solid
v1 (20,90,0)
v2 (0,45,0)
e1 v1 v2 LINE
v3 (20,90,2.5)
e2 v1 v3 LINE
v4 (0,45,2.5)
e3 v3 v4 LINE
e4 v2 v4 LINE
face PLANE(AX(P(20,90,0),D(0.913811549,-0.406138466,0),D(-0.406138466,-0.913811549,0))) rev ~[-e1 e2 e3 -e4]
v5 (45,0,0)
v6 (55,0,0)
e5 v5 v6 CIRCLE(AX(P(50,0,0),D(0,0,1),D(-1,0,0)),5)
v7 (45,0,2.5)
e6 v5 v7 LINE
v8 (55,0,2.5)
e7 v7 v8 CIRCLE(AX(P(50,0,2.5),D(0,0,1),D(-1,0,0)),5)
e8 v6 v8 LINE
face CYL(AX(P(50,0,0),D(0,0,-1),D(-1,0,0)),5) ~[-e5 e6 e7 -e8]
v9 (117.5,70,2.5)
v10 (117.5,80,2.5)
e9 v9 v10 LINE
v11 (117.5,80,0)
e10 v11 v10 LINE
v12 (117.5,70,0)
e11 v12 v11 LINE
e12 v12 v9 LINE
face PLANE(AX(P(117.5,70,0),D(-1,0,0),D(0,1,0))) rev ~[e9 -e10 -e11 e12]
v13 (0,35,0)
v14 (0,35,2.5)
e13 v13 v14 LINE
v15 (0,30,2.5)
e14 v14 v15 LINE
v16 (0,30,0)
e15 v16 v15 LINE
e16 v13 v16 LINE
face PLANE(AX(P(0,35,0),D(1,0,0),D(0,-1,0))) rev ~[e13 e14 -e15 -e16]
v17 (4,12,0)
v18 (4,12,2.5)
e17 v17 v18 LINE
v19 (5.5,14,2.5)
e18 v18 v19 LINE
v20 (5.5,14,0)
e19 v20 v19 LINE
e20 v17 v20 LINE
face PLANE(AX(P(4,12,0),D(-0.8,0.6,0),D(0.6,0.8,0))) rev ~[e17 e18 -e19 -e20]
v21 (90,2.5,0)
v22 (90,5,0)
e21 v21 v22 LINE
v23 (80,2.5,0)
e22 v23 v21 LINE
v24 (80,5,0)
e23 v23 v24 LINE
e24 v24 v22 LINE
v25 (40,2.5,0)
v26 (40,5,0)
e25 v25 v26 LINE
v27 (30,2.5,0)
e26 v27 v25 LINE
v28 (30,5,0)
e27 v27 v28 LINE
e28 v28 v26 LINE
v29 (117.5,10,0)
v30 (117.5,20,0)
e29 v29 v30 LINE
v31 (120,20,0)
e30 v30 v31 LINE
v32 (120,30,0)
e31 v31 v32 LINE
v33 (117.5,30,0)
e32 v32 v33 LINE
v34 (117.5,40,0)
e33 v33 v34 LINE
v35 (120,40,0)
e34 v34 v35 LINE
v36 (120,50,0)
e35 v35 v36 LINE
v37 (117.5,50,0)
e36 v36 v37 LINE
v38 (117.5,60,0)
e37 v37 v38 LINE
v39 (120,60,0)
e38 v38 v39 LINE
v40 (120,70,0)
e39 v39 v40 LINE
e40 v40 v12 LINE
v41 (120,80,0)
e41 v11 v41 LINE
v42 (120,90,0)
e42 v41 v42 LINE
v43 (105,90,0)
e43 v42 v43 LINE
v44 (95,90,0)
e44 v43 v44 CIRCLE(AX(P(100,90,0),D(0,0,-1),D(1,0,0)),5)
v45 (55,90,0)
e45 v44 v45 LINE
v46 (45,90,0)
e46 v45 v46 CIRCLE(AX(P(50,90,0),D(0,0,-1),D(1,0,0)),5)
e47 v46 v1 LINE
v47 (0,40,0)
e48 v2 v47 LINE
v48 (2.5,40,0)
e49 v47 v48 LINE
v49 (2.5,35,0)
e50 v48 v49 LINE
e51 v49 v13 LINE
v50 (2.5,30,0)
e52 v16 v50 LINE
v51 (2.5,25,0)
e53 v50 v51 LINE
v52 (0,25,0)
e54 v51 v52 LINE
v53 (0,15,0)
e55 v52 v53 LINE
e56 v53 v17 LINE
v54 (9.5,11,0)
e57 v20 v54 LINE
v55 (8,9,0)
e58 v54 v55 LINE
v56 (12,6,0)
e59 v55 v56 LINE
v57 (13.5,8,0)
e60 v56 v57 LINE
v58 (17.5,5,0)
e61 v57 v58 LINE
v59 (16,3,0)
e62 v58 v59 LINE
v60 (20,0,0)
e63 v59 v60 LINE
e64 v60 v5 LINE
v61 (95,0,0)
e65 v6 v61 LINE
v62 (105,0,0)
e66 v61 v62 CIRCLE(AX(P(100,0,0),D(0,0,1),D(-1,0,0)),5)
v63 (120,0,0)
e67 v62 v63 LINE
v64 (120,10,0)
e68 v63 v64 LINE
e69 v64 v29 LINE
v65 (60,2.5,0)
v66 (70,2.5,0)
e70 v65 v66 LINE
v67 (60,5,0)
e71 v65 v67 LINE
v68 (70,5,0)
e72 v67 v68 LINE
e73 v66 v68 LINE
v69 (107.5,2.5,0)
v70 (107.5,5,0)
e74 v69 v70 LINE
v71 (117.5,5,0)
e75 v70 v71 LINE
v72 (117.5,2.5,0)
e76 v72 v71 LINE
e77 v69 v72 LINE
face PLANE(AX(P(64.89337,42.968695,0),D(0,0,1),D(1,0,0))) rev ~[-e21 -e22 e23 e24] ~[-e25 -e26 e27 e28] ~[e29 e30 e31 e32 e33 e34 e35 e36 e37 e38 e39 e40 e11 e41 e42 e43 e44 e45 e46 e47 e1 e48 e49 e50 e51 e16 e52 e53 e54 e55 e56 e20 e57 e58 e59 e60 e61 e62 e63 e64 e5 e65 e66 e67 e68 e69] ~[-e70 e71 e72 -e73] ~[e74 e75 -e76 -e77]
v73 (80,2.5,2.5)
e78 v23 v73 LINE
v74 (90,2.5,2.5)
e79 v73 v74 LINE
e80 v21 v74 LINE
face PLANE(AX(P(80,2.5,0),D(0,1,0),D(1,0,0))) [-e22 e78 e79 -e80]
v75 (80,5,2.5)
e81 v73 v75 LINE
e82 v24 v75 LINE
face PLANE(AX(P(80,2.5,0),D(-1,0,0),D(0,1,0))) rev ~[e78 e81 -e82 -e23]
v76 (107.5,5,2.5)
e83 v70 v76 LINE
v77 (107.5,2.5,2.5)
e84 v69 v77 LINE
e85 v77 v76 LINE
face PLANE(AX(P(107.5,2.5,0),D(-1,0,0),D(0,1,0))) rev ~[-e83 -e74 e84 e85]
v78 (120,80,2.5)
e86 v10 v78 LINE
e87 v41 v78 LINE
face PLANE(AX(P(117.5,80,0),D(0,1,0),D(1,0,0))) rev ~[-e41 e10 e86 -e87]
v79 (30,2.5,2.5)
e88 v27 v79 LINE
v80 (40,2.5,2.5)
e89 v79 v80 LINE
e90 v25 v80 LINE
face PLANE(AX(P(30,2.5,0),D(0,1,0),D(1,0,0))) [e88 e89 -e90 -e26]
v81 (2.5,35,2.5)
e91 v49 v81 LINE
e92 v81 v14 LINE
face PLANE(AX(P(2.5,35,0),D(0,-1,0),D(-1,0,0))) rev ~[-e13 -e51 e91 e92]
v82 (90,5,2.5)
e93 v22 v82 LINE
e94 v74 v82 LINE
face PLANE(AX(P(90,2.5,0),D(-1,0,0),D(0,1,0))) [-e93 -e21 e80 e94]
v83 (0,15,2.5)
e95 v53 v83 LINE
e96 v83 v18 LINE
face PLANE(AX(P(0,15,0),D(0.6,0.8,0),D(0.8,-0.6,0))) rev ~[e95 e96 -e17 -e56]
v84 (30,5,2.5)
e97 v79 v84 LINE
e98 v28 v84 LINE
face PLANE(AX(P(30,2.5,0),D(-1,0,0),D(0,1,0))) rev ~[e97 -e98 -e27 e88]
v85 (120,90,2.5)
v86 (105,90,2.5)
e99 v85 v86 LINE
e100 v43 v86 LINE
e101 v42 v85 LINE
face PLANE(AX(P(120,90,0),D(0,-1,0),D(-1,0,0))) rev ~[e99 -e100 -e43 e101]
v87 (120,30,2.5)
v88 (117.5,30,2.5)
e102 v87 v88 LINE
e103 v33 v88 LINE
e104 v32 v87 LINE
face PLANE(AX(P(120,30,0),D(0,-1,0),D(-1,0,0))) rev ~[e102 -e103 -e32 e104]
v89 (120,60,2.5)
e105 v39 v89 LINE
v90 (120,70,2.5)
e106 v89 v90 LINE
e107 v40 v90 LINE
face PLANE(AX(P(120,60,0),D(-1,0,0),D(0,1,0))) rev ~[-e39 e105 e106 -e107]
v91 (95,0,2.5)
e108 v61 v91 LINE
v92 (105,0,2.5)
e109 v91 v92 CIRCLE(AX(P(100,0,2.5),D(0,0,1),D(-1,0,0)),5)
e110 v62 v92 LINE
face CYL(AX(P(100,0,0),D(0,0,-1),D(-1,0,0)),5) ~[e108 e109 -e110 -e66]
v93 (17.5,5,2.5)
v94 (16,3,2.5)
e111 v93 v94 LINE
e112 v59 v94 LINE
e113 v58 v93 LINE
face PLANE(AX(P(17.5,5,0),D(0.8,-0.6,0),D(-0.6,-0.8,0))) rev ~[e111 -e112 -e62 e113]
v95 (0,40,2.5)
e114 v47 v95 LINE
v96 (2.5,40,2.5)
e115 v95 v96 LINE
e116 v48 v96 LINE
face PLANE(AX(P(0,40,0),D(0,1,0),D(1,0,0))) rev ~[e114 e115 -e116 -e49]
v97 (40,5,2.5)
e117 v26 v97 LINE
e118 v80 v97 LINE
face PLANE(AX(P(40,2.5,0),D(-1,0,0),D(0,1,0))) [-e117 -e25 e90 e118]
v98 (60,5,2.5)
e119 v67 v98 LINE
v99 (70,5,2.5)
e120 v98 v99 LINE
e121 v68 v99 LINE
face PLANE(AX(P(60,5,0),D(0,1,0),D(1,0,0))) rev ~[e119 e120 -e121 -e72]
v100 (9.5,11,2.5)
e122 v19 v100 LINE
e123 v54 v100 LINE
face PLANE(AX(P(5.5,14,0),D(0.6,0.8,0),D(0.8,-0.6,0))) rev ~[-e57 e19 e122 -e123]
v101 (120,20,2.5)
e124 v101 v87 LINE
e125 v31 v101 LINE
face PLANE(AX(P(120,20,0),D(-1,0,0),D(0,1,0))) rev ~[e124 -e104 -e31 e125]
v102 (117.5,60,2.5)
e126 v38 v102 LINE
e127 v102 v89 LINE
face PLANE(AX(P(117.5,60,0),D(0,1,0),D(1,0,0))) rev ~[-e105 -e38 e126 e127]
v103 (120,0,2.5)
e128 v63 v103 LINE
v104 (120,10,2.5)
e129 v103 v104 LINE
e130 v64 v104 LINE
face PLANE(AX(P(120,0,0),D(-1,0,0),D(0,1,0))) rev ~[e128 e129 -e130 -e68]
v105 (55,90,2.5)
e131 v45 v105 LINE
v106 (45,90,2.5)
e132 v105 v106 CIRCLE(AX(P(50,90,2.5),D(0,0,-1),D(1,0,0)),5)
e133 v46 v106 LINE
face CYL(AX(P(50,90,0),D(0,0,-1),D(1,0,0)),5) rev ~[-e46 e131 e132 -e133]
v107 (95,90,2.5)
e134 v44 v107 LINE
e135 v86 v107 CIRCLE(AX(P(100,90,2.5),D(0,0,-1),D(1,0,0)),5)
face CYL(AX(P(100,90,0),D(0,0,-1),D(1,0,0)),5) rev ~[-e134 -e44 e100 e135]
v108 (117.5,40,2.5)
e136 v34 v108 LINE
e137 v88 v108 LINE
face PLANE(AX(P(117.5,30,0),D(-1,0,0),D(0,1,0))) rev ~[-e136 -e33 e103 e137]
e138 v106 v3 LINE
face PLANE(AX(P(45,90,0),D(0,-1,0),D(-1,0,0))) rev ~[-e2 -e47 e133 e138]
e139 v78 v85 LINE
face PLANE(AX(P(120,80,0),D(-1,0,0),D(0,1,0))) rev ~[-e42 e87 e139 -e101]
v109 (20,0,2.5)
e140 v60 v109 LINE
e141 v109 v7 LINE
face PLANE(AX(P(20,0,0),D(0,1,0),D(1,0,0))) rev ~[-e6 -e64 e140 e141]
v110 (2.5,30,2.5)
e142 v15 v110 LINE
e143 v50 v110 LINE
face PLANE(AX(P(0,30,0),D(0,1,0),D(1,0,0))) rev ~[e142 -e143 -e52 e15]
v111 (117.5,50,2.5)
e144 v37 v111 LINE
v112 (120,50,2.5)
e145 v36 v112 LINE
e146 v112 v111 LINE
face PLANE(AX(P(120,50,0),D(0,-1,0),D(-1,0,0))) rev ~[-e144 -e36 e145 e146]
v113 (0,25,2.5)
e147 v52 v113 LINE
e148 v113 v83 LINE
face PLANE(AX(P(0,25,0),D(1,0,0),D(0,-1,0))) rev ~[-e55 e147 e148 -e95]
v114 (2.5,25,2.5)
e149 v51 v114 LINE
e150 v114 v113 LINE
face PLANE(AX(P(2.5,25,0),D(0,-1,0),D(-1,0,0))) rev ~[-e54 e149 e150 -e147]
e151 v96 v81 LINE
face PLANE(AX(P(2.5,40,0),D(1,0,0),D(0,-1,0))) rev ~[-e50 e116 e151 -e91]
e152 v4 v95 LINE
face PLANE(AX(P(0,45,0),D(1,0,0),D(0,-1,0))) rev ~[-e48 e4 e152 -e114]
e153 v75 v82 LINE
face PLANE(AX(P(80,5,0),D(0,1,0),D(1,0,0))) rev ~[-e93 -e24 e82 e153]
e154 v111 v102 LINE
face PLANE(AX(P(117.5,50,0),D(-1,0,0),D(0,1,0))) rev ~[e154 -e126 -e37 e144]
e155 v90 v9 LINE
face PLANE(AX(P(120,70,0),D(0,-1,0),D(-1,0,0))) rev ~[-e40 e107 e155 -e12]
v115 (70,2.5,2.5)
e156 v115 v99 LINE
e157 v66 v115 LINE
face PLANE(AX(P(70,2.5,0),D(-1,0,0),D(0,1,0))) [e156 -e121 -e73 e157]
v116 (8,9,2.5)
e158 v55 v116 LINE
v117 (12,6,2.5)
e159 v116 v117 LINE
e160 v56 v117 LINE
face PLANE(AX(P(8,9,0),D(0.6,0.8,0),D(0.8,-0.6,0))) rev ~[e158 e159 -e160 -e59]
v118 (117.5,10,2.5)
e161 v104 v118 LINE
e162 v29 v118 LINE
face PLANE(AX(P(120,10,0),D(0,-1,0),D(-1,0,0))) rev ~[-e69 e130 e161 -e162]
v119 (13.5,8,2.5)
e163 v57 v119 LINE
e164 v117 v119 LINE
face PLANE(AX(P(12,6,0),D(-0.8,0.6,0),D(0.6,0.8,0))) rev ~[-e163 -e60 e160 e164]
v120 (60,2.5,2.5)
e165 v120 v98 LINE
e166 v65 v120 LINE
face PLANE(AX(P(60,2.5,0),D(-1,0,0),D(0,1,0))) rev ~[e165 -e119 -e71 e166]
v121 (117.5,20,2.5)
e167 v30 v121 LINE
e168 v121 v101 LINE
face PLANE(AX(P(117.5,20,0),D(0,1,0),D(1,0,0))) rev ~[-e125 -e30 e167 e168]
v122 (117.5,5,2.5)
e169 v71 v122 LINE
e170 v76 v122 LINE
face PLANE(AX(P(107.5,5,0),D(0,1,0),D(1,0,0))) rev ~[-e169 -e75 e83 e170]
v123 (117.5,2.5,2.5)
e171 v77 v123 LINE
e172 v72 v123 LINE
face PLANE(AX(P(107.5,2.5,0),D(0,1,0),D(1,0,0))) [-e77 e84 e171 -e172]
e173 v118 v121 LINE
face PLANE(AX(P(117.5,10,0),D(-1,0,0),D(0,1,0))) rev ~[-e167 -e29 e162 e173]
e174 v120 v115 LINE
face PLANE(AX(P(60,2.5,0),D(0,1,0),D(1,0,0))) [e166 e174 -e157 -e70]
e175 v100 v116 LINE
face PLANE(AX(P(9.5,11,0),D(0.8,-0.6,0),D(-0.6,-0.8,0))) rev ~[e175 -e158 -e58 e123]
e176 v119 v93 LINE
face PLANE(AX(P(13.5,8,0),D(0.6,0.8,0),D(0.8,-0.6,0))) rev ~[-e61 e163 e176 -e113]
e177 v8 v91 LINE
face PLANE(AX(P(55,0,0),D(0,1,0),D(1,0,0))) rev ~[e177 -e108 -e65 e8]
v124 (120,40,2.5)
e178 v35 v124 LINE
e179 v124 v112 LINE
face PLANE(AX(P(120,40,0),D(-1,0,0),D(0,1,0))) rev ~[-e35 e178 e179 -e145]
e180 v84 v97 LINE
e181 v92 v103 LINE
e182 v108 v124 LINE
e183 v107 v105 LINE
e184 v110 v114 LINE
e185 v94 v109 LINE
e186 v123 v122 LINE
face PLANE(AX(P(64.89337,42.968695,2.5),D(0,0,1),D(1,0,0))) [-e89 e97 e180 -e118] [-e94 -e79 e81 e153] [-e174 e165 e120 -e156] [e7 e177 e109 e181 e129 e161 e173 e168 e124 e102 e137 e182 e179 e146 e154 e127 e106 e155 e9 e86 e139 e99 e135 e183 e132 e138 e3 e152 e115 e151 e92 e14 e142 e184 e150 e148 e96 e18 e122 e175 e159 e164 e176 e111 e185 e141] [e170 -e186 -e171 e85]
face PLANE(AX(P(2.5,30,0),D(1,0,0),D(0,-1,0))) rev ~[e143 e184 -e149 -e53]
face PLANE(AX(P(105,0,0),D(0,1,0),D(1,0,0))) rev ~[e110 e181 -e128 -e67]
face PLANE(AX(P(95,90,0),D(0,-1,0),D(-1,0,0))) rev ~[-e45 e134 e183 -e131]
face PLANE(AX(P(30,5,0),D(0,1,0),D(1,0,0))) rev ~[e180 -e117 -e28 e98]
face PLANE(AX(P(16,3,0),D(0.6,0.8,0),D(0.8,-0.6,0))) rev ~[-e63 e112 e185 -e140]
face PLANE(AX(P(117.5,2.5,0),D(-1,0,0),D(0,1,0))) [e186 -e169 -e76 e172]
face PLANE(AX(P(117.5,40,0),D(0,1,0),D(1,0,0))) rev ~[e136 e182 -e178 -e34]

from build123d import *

# Parameters (mm, degrees)
SKETCH1_W           = 10
SKETCH1_H           = 2.5
BOSS_EXTRUDE1_DEPTH = 2.5


with BuildPart() as part:
    # Sketch1 → Boss-Extrude1 (new body)
    with BuildSketch(Plane.XY):
        with BuildLine():
            Line((20, 0), (45, 0))
            ThreePointArc((45, 0), (50, -5), (55, 0))
            Line((55, 0), (95, 0))
            ThreePointArc((95, 0), (100, -5), (105, 0))
            Line((105, 0), (120, 0))
            Line((120, 0), (120, 10))
            Line((120, 10), (117.5, 10))
            Line((117.5, 10), (117.5, 20))
            Line((117.5, 20), (120, 20))
            Line((120, 20), (120, 30))
            Line((120, 30), (117.5, 30))
            Line((117.5, 30), (117.5, 40))
            Line((117.5, 40), (120, 40))
            Line((120, 40), (120, 50))
            Line((120, 50), (117.5, 50))
            Line((117.5, 50), (117.5, 60))
            Line((117.5, 60), (120, 60))
            Line((120, 60), (120, 70))
            Line((120, 70), (117.5, 70))
            Line((117.5, 70), (117.5, 80))
            Line((117.5, 80), (120, 80))
            Line((120, 80), (120, 90))
            Line((120, 90), (105, 90))
            ThreePointArc((105, 90), (100, 85), (95, 90))
            Line((95, 90), (55, 90))
            ThreePointArc((55, 90), (50, 85), (45, 90))
            Line((45, 90), (20, 90))
            Line((20, 90), (0, 45))
            Line((0, 45), (0, 40))
            Line((0, 40), (2.5, 40))
            Line((2.5, 40), (2.5, 35))
            Line((2.5, 35), (0, 35))
            Line((0, 35), (0, 30))
            Line((0, 30), (2.5, 30))
            Line((2.5, 30), (2.5, 25))
            Line((2.5, 25), (0, 25))
            Line((0, 25), (0, 15))
            Line((0, 15), (4, 12))
            Line((4, 12), (5.5, 14))
            Line((5.5, 14), (9.5, 11))
            Line((9.5, 11), (8, 9))
            Line((8, 9), (12, 6))
            Line((12, 6), (13.5, 8))
            Line((13.5, 8), (17.5, 5))
            Line((17.5, 5), (16, 3))
            Line((16, 3), (20, 0))
        make_face()
        with Locations((112.5, 3.75)):
            Rectangle(SKETCH1_W, SKETCH1_H, mode=Mode.SUBTRACT)
        with Locations((85, 3.75)):
            Rectangle(SKETCH1_W, SKETCH1_H, mode=Mode.SUBTRACT)
        with Locations((65, 3.75)):
            Rectangle(SKETCH1_W, SKETCH1_H, mode=Mode.SUBTRACT)
        with Locations((35, 3.75)):
            Rectangle(SKETCH1_W, SKETCH1_H, mode=Mode.SUBTRACT)
    extrude(amount=BOSS_EXTRUDE1_DEPTH)


solid = part.part
